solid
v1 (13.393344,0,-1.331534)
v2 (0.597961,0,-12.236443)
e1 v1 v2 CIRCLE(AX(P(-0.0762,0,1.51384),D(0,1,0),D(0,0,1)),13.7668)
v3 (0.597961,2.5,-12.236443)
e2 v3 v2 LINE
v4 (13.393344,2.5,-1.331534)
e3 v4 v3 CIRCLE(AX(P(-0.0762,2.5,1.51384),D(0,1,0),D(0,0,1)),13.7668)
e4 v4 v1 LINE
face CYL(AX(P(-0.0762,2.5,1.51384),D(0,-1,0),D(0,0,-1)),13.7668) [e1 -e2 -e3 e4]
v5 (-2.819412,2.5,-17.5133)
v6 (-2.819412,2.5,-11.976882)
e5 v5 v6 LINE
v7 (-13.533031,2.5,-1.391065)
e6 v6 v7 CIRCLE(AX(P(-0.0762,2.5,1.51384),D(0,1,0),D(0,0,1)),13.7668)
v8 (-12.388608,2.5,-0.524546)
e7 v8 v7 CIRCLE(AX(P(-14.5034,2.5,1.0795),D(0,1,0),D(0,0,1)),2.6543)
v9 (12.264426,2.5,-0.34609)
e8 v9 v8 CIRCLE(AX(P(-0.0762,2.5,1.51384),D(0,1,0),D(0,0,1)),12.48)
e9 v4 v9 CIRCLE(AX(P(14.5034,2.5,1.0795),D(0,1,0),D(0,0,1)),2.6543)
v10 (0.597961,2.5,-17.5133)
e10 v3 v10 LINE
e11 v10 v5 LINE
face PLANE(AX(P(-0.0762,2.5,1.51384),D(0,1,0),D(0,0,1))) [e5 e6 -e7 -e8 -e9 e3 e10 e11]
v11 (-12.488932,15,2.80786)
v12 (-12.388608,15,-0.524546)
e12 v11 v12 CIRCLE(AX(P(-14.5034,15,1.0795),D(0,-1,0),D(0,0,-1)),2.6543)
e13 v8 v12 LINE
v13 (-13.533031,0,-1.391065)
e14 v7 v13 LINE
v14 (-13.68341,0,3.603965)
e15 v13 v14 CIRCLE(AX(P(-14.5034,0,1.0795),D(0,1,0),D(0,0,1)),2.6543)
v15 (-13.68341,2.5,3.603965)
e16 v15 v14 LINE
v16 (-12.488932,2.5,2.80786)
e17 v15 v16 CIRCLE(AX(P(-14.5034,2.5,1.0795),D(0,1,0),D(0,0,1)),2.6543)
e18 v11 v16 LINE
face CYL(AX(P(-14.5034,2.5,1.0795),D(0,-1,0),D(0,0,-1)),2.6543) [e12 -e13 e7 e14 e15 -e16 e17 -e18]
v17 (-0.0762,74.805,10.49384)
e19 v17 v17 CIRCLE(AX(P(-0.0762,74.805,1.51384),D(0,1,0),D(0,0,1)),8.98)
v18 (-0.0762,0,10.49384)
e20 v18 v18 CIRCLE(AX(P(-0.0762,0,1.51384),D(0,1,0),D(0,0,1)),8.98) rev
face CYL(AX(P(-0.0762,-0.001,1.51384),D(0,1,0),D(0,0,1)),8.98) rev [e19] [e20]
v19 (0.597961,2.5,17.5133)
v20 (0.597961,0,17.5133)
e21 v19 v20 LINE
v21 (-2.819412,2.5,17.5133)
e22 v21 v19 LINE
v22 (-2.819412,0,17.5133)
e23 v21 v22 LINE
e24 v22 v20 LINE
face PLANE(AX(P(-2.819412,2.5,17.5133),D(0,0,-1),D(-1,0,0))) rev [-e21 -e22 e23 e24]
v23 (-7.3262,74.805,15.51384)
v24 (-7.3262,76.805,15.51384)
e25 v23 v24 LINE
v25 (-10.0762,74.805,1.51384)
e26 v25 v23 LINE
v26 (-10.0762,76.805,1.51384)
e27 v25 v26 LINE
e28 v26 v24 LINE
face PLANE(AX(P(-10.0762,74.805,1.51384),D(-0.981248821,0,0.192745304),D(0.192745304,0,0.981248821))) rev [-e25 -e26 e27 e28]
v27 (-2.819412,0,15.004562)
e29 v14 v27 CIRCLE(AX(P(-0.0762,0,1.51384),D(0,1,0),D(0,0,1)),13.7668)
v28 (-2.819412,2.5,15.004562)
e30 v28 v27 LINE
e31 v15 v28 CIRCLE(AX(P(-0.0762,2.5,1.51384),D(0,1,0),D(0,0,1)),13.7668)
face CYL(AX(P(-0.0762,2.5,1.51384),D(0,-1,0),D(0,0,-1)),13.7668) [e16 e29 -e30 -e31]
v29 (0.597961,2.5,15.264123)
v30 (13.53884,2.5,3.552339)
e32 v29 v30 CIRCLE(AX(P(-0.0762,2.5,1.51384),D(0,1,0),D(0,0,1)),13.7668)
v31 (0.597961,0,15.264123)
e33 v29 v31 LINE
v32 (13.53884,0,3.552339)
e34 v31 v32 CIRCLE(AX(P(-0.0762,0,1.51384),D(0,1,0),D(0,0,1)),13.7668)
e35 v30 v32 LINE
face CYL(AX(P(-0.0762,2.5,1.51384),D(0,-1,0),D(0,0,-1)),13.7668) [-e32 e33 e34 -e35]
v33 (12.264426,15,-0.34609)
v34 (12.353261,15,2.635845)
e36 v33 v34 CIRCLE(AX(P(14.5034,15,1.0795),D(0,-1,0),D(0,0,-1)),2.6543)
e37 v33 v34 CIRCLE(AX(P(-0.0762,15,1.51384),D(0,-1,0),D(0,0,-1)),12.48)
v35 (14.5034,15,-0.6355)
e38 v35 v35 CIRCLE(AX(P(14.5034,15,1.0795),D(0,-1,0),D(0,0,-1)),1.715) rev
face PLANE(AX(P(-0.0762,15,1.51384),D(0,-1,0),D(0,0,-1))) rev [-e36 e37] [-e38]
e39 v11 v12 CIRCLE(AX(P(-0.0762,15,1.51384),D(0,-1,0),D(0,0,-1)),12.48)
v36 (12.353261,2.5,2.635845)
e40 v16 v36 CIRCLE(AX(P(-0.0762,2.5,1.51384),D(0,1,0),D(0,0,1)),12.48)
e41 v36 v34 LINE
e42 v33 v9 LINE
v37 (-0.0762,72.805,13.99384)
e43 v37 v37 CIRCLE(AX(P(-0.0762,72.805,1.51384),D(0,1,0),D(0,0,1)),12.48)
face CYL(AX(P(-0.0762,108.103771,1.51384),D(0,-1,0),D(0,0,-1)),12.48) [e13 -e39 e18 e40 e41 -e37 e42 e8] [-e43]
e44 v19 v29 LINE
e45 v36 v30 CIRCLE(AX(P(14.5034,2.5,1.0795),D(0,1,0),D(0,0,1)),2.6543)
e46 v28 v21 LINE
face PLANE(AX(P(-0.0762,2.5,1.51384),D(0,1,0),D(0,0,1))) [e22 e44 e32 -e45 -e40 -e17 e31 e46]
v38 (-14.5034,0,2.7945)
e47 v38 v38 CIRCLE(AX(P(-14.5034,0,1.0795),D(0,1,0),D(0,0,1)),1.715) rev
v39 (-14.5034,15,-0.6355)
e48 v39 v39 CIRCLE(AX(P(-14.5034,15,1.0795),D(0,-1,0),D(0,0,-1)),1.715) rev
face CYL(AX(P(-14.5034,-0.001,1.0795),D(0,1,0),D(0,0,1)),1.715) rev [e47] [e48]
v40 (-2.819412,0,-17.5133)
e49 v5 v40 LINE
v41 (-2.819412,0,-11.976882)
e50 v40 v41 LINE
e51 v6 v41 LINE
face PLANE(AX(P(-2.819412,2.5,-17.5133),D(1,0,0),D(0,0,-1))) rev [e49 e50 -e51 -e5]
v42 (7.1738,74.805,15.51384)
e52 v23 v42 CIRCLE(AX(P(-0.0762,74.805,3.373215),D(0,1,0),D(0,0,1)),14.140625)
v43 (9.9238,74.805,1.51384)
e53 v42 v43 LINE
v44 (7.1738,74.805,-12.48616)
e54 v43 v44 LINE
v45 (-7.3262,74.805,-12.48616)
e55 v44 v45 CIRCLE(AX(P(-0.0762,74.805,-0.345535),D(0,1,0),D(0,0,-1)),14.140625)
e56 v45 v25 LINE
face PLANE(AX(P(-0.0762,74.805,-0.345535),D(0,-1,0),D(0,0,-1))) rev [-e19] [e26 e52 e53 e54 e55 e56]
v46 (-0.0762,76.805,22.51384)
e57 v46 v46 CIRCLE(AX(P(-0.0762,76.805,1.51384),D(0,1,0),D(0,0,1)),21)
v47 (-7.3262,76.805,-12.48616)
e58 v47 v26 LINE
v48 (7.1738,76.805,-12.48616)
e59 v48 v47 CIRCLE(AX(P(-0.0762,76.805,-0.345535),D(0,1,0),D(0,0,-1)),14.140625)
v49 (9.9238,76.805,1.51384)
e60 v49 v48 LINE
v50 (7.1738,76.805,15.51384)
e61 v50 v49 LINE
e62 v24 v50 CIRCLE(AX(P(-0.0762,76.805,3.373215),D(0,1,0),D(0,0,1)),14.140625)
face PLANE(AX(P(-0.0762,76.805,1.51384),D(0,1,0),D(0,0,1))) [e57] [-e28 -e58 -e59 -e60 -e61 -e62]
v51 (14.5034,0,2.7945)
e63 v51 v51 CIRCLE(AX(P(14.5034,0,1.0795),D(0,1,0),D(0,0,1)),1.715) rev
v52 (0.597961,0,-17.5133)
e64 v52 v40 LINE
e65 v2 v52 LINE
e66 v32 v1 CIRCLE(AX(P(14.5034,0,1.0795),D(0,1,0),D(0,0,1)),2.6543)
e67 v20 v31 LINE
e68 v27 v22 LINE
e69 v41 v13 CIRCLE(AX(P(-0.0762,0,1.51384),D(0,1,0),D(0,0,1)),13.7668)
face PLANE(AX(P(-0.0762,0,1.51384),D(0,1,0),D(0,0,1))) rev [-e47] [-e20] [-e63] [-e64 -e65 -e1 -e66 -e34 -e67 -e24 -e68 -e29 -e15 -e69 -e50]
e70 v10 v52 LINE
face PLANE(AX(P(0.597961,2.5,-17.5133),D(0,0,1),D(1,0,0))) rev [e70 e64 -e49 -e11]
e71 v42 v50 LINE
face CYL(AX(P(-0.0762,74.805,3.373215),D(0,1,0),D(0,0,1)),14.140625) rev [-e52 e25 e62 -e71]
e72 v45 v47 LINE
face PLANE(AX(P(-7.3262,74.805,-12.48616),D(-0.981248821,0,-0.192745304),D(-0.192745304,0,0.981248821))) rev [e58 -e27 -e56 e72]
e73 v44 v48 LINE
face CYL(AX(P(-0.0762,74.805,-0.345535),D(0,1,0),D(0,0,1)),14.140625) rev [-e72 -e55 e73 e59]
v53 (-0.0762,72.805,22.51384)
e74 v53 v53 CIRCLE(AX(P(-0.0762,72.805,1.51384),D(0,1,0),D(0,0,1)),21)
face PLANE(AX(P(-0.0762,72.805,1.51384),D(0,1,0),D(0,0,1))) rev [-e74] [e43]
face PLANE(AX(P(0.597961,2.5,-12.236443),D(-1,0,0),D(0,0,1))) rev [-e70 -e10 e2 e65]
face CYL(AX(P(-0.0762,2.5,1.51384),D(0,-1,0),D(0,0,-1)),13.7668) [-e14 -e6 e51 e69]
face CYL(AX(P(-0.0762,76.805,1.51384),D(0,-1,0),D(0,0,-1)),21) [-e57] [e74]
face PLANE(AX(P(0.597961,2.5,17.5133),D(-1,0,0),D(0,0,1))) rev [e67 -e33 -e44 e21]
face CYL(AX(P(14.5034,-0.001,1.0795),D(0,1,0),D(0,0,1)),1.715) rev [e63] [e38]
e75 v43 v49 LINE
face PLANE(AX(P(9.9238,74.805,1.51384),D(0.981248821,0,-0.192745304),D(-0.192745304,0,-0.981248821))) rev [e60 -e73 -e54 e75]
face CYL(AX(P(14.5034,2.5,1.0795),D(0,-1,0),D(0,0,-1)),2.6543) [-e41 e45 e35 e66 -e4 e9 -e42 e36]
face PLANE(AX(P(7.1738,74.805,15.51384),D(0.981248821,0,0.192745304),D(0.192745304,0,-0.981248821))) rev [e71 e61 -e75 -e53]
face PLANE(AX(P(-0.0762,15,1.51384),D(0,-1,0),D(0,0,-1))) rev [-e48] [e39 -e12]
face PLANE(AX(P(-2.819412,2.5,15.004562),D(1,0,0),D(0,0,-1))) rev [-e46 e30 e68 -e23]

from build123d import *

# Parameters (mm, degrees)
BOSS_EXTRUDE1_DEPTH = 2.5
CUT_EXTRUDE1_REACH  = 26.645
SKETCH2_R           = 1.715
SKETCH2_R_2         = 8.98
SKETCH3_R           = 2.6543
BOSS_EXTRUDE2_DEPTH = 70.305
BOSS_EXTRUDE3_START = 4
SKETCH4_R           = 21
SKETCH4_R_2         = 8.98
BOSS_EXTRUDE3_DEPTH = 4
SKETCH6_R           = 21
SKETCH6_R_2         = 8.98
BOSS_EXTRUDE4_DEPTH = 2
CUT_EXTRUDE3_START  = -15
SKETCH7_R           = 1.715
CUT_EXTRUDE3_DEPTH  = 15
SKETCH8_R           = 8.98
CUT_EXTRUDE4_DEPTH  = 2
BOSS_EXTRUDE6_REACH = 82.451
SKETCH10_R          = 12.48
SKETCH10_R_2        = 8.98
SKETCH12_R          = 21
SKETCH12_R_2        = 12.48
CUT_EXTRUDE5_DEPTH  = 57.805


with BuildPart() as part:
    # Sketch1 → Boss-Extrude1 (new body)
    with BuildSketch(Plane(origin=(0, 0, 0), x_dir=(1, 0, 0), z_dir=(0, 1, 0))):
        with BuildLine():
            Line((0.597960958, 12.236443242), (0.597960958, 17.5133))
            Line((0.597960958, 17.5133), (-2.819411684, 17.5133))
            Line((-2.819411684, 17.5133), (-2.819411684, 11.976881697))
            ThreePointArc((-2.819411684, 11.976881697), (-9.752212861, 8.278991937), (-13.533031252, 1.391065316))
            ThreePointArc((-13.533031252, 1.391065316), (-17.156497956, -0.999626805), (-13.683409812, -3.603965207))
            ThreePointArc((-13.683409812, -3.603965207), (-10.042516815, -11.01106651), (-2.819411684, -15.004561697))
            Line((-2.819411684, -15.004561697), (-2.819411684, -17.5133))
            Line((-2.819411684, -17.5133), (0.597960958, -17.5133))
            Line((0.597960958, -17.5133), (0.597960958, -15.264123242))
            ThreePointArc((0.597960958, -15.264123242), (9.161591247, -11.721092084), (13.538839655, -3.55233882))
            ThreePointArc((13.538839655, -3.55233882), (17.156522938, -1.000460972), (13.393344487, 1.331534062))
            ThreePointArc((13.393344487, 1.331534062), (8.853545908, 8.96396608), (0.597960958, 12.236443242))
        make_face()
    extrude(amount=BOSS_EXTRUDE1_DEPTH)

    # Sketch2 → Cut-Extrude1 (cut, up to next)
    with BuildSketch(Plane(origin=(0, 2.5, 0), x_dir=(1, 0, 0), z_dir=(0, 1, 0)), mode=Mode.PRIVATE) as cut_extrude1_sk1:
        with Locations(Location((-14.5034, -1.0795, 0), (0, 0, 270))):
            Circle(SKETCH2_R)
    cut_extrude1_tool1 = extrude(cut_extrude1_sk1.sketch, amount=-CUT_EXTRUDE1_REACH, mode=Mode.PRIVATE) & part.part
    # Sketch2 → Cut-Extrude1 (cut, up to next)
    with BuildSketch(Plane(origin=(0, 2.5, 0), x_dir=(1, 0, 0), z_dir=(0, 1, 0)), mode=Mode.PRIVATE) as cut_extrude1_sk2:
        with Locations(Location((14.5034, -1.0795, 0), (0, 0, 270))):
            Circle(SKETCH2_R)
    cut_extrude1_tool2 = extrude(cut_extrude1_sk2.sketch, amount=-CUT_EXTRUDE1_REACH, mode=Mode.PRIVATE) & part.part
    # Sketch2 → Cut-Extrude1 (cut, up to next)
    with BuildSketch(Plane(origin=(0, 2.5, 0), x_dir=(1, 0, 0), z_dir=(0, 1, 0)), mode=Mode.PRIVATE) as cut_extrude1_sk3:
        with Locations(Location((-0.0762, -1.51384, 0), (0, 0, 270))):
            Circle(SKETCH2_R_2)
    cut_extrude1_tool3 = extrude(cut_extrude1_sk3.sketch, amount=-CUT_EXTRUDE1_REACH, mode=Mode.PRIVATE) & part.part
    add(cut_extrude1_tool1.solids().sort_by_distance((-14.5034, 2.5, 1.0795))[0], mode=Mode.SUBTRACT)
    add(cut_extrude1_tool2.solids().sort_by_distance((14.5034, 2.5, 1.0795))[0], mode=Mode.SUBTRACT)
    add(cut_extrude1_tool3.solids().sort_by_distance((-0.0762, 2.5, 1.51384))[0], mode=Mode.SUBTRACT)

    # Sketch3 → Boss-Extrude2 (add)
    with BuildSketch(Plane(origin=(0, 2.5, 0), x_dir=(1, 0, 0), z_dir=(0, 1, 0))):
        with Locations(Location((-14.5034, -1.0795, 0), (0, 0, 68.556492541))):
            Circle(SKETCH3_R)
        with Locations(Location((14.5034, -1.0795, 0), (0, 0, 114.72164566))):
            Circle(SKETCH3_R)
    extrude(amount=BOSS_EXTRUDE2_DEPTH)

    # Sketch4 → Boss-Extrude3 (add)
    with BuildSketch(Plane(origin=(0, 72.805, 0), x_dir=(1, 0, 0), z_dir=(0, 1, 0)).offset(BOSS_EXTRUDE3_START)):
        with Locations(Location((-0.0762, -1.51384, 0), (0, 0, 270))):
            Circle(SKETCH4_R)
        with Locations(Location((-0.0762, -1.51384, 0), (0, 0, 270))):
            Circle(SKETCH4_R_2, mode=Mode.SUBTRACT)
    extrude(amount=-BOSS_EXTRUDE3_DEPTH)

    # Sketch6 → Boss-Extrude4 (add)
    with BuildSketch(Plane(origin=(0, 37.805, 0), x_dir=(-1, 0, 0), z_dir=(0, -1, 0))):
        with Locations(Location((0.0762, -1.51384, 0), (0, 0, 90))):
            Circle(SKETCH6_R)
        with Locations(Location((0.0762, -1.51384, 0), (0, 0, 270))):
            Circle(SKETCH6_R_2, mode=Mode.SUBTRACT)
    extrude(amount=BOSS_EXTRUDE4_DEPTH)

    # Sketch7 → Cut-Extrude3 (cut)
    with BuildSketch(Plane.XZ.offset(CUT_EXTRUDE3_START)):
        with Locations(Location((-14.5034, 1.0795, 0), (0, 0, 90))):
            Circle(SKETCH7_R)
        with Locations(Location((14.5034, 1.0795, 0), (0, 0, 90))):
            Circle(SKETCH7_R)
    extrude(amount=CUT_EXTRUDE3_DEPTH, mode=Mode.SUBTRACT)

    # Sketch8 → Cut-Extrude4 (cut)
    with BuildSketch(Plane(origin=(0, 76.805, 0), x_dir=(1, 0, 0), z_dir=(0, 1, 0))):
        with BuildLine():
            Line((-10.0762, -1.51384), (-7.3262, -15.51384))
            ThreePointArc((-7.3262, -15.51384), (-0.0762, -17.51384), (7.1738, -15.51384))
            Line((7.1738, -15.51384), (9.9238, -1.51384))
            Line((9.9238, -1.51384), (7.1738, 12.48616))
            ThreePointArc((7.1738, 12.48616), (-0.0762, 14.48616), (-7.3262, 12.48616))
            Line((-7.3262, 12.48616), (-10.0762, -1.51384))
        make_face()
        with Locations(Location((-0.0762, -1.51384, 0), (0, 0, 270))):
            Circle(SKETCH8_R, mode=Mode.SUBTRACT)
    extrude(amount=-CUT_EXTRUDE4_DEPTH, mode=Mode.SUBTRACT)

    # Boss-Extrude6: up to this face of the body (flat: up to its plane)
    boss_extrude6_end = Plane(part.part.faces().sort_by_distance((-0.0762, 72.805, -18.892190304))[0])
    # Sketch10 → Boss-Extrude6 (add, up to the picked face)
    with BuildSketch(Plane(origin=(0, 2.5, 0), x_dir=(1, 0, 0), z_dir=(0, 1, 0)), mode=Mode.PRIVATE) as boss_extrude6_sk1:
        with Locations((-0.0762, -1.51384)):
            Circle(SKETCH10_R)
        with Locations(Location((-0.0762, -1.51384, 0), (0, 0, 270))):
            Circle(SKETCH10_R_2, mode=Mode.SUBTRACT)
    boss_extrude6_tool1 = split(extrude(boss_extrude6_sk1.sketch, amount=BOSS_EXTRUDE6_REACH, mode=Mode.PRIVATE), bisect_by=boss_extrude6_end, keep=Keep.BOTH, mode=Mode.PRIVATE)
    add(boss_extrude6_tool1.solids().sort_by(Axis((-12.203212, 2.5, 1.51384), (0, 1, 0)))[0])

    # Sketch12 → Cut-Extrude5 (cut)
    with BuildSketch(Plane.XZ.offset(-15)):
        with Locations(Location((-0.0762, 1.51384, 0), (0, 0, 90))):
            Circle(SKETCH12_R)
        with Locations(Location((-0.0762, 1.51384, 0), (0, 0, 189.400360909))):
            Circle(SKETCH12_R_2, mode=Mode.SUBTRACT)
    extrude(amount=-CUT_EXTRUDE5_DEPTH, mode=Mode.SUBTRACT)


solid = part.part
